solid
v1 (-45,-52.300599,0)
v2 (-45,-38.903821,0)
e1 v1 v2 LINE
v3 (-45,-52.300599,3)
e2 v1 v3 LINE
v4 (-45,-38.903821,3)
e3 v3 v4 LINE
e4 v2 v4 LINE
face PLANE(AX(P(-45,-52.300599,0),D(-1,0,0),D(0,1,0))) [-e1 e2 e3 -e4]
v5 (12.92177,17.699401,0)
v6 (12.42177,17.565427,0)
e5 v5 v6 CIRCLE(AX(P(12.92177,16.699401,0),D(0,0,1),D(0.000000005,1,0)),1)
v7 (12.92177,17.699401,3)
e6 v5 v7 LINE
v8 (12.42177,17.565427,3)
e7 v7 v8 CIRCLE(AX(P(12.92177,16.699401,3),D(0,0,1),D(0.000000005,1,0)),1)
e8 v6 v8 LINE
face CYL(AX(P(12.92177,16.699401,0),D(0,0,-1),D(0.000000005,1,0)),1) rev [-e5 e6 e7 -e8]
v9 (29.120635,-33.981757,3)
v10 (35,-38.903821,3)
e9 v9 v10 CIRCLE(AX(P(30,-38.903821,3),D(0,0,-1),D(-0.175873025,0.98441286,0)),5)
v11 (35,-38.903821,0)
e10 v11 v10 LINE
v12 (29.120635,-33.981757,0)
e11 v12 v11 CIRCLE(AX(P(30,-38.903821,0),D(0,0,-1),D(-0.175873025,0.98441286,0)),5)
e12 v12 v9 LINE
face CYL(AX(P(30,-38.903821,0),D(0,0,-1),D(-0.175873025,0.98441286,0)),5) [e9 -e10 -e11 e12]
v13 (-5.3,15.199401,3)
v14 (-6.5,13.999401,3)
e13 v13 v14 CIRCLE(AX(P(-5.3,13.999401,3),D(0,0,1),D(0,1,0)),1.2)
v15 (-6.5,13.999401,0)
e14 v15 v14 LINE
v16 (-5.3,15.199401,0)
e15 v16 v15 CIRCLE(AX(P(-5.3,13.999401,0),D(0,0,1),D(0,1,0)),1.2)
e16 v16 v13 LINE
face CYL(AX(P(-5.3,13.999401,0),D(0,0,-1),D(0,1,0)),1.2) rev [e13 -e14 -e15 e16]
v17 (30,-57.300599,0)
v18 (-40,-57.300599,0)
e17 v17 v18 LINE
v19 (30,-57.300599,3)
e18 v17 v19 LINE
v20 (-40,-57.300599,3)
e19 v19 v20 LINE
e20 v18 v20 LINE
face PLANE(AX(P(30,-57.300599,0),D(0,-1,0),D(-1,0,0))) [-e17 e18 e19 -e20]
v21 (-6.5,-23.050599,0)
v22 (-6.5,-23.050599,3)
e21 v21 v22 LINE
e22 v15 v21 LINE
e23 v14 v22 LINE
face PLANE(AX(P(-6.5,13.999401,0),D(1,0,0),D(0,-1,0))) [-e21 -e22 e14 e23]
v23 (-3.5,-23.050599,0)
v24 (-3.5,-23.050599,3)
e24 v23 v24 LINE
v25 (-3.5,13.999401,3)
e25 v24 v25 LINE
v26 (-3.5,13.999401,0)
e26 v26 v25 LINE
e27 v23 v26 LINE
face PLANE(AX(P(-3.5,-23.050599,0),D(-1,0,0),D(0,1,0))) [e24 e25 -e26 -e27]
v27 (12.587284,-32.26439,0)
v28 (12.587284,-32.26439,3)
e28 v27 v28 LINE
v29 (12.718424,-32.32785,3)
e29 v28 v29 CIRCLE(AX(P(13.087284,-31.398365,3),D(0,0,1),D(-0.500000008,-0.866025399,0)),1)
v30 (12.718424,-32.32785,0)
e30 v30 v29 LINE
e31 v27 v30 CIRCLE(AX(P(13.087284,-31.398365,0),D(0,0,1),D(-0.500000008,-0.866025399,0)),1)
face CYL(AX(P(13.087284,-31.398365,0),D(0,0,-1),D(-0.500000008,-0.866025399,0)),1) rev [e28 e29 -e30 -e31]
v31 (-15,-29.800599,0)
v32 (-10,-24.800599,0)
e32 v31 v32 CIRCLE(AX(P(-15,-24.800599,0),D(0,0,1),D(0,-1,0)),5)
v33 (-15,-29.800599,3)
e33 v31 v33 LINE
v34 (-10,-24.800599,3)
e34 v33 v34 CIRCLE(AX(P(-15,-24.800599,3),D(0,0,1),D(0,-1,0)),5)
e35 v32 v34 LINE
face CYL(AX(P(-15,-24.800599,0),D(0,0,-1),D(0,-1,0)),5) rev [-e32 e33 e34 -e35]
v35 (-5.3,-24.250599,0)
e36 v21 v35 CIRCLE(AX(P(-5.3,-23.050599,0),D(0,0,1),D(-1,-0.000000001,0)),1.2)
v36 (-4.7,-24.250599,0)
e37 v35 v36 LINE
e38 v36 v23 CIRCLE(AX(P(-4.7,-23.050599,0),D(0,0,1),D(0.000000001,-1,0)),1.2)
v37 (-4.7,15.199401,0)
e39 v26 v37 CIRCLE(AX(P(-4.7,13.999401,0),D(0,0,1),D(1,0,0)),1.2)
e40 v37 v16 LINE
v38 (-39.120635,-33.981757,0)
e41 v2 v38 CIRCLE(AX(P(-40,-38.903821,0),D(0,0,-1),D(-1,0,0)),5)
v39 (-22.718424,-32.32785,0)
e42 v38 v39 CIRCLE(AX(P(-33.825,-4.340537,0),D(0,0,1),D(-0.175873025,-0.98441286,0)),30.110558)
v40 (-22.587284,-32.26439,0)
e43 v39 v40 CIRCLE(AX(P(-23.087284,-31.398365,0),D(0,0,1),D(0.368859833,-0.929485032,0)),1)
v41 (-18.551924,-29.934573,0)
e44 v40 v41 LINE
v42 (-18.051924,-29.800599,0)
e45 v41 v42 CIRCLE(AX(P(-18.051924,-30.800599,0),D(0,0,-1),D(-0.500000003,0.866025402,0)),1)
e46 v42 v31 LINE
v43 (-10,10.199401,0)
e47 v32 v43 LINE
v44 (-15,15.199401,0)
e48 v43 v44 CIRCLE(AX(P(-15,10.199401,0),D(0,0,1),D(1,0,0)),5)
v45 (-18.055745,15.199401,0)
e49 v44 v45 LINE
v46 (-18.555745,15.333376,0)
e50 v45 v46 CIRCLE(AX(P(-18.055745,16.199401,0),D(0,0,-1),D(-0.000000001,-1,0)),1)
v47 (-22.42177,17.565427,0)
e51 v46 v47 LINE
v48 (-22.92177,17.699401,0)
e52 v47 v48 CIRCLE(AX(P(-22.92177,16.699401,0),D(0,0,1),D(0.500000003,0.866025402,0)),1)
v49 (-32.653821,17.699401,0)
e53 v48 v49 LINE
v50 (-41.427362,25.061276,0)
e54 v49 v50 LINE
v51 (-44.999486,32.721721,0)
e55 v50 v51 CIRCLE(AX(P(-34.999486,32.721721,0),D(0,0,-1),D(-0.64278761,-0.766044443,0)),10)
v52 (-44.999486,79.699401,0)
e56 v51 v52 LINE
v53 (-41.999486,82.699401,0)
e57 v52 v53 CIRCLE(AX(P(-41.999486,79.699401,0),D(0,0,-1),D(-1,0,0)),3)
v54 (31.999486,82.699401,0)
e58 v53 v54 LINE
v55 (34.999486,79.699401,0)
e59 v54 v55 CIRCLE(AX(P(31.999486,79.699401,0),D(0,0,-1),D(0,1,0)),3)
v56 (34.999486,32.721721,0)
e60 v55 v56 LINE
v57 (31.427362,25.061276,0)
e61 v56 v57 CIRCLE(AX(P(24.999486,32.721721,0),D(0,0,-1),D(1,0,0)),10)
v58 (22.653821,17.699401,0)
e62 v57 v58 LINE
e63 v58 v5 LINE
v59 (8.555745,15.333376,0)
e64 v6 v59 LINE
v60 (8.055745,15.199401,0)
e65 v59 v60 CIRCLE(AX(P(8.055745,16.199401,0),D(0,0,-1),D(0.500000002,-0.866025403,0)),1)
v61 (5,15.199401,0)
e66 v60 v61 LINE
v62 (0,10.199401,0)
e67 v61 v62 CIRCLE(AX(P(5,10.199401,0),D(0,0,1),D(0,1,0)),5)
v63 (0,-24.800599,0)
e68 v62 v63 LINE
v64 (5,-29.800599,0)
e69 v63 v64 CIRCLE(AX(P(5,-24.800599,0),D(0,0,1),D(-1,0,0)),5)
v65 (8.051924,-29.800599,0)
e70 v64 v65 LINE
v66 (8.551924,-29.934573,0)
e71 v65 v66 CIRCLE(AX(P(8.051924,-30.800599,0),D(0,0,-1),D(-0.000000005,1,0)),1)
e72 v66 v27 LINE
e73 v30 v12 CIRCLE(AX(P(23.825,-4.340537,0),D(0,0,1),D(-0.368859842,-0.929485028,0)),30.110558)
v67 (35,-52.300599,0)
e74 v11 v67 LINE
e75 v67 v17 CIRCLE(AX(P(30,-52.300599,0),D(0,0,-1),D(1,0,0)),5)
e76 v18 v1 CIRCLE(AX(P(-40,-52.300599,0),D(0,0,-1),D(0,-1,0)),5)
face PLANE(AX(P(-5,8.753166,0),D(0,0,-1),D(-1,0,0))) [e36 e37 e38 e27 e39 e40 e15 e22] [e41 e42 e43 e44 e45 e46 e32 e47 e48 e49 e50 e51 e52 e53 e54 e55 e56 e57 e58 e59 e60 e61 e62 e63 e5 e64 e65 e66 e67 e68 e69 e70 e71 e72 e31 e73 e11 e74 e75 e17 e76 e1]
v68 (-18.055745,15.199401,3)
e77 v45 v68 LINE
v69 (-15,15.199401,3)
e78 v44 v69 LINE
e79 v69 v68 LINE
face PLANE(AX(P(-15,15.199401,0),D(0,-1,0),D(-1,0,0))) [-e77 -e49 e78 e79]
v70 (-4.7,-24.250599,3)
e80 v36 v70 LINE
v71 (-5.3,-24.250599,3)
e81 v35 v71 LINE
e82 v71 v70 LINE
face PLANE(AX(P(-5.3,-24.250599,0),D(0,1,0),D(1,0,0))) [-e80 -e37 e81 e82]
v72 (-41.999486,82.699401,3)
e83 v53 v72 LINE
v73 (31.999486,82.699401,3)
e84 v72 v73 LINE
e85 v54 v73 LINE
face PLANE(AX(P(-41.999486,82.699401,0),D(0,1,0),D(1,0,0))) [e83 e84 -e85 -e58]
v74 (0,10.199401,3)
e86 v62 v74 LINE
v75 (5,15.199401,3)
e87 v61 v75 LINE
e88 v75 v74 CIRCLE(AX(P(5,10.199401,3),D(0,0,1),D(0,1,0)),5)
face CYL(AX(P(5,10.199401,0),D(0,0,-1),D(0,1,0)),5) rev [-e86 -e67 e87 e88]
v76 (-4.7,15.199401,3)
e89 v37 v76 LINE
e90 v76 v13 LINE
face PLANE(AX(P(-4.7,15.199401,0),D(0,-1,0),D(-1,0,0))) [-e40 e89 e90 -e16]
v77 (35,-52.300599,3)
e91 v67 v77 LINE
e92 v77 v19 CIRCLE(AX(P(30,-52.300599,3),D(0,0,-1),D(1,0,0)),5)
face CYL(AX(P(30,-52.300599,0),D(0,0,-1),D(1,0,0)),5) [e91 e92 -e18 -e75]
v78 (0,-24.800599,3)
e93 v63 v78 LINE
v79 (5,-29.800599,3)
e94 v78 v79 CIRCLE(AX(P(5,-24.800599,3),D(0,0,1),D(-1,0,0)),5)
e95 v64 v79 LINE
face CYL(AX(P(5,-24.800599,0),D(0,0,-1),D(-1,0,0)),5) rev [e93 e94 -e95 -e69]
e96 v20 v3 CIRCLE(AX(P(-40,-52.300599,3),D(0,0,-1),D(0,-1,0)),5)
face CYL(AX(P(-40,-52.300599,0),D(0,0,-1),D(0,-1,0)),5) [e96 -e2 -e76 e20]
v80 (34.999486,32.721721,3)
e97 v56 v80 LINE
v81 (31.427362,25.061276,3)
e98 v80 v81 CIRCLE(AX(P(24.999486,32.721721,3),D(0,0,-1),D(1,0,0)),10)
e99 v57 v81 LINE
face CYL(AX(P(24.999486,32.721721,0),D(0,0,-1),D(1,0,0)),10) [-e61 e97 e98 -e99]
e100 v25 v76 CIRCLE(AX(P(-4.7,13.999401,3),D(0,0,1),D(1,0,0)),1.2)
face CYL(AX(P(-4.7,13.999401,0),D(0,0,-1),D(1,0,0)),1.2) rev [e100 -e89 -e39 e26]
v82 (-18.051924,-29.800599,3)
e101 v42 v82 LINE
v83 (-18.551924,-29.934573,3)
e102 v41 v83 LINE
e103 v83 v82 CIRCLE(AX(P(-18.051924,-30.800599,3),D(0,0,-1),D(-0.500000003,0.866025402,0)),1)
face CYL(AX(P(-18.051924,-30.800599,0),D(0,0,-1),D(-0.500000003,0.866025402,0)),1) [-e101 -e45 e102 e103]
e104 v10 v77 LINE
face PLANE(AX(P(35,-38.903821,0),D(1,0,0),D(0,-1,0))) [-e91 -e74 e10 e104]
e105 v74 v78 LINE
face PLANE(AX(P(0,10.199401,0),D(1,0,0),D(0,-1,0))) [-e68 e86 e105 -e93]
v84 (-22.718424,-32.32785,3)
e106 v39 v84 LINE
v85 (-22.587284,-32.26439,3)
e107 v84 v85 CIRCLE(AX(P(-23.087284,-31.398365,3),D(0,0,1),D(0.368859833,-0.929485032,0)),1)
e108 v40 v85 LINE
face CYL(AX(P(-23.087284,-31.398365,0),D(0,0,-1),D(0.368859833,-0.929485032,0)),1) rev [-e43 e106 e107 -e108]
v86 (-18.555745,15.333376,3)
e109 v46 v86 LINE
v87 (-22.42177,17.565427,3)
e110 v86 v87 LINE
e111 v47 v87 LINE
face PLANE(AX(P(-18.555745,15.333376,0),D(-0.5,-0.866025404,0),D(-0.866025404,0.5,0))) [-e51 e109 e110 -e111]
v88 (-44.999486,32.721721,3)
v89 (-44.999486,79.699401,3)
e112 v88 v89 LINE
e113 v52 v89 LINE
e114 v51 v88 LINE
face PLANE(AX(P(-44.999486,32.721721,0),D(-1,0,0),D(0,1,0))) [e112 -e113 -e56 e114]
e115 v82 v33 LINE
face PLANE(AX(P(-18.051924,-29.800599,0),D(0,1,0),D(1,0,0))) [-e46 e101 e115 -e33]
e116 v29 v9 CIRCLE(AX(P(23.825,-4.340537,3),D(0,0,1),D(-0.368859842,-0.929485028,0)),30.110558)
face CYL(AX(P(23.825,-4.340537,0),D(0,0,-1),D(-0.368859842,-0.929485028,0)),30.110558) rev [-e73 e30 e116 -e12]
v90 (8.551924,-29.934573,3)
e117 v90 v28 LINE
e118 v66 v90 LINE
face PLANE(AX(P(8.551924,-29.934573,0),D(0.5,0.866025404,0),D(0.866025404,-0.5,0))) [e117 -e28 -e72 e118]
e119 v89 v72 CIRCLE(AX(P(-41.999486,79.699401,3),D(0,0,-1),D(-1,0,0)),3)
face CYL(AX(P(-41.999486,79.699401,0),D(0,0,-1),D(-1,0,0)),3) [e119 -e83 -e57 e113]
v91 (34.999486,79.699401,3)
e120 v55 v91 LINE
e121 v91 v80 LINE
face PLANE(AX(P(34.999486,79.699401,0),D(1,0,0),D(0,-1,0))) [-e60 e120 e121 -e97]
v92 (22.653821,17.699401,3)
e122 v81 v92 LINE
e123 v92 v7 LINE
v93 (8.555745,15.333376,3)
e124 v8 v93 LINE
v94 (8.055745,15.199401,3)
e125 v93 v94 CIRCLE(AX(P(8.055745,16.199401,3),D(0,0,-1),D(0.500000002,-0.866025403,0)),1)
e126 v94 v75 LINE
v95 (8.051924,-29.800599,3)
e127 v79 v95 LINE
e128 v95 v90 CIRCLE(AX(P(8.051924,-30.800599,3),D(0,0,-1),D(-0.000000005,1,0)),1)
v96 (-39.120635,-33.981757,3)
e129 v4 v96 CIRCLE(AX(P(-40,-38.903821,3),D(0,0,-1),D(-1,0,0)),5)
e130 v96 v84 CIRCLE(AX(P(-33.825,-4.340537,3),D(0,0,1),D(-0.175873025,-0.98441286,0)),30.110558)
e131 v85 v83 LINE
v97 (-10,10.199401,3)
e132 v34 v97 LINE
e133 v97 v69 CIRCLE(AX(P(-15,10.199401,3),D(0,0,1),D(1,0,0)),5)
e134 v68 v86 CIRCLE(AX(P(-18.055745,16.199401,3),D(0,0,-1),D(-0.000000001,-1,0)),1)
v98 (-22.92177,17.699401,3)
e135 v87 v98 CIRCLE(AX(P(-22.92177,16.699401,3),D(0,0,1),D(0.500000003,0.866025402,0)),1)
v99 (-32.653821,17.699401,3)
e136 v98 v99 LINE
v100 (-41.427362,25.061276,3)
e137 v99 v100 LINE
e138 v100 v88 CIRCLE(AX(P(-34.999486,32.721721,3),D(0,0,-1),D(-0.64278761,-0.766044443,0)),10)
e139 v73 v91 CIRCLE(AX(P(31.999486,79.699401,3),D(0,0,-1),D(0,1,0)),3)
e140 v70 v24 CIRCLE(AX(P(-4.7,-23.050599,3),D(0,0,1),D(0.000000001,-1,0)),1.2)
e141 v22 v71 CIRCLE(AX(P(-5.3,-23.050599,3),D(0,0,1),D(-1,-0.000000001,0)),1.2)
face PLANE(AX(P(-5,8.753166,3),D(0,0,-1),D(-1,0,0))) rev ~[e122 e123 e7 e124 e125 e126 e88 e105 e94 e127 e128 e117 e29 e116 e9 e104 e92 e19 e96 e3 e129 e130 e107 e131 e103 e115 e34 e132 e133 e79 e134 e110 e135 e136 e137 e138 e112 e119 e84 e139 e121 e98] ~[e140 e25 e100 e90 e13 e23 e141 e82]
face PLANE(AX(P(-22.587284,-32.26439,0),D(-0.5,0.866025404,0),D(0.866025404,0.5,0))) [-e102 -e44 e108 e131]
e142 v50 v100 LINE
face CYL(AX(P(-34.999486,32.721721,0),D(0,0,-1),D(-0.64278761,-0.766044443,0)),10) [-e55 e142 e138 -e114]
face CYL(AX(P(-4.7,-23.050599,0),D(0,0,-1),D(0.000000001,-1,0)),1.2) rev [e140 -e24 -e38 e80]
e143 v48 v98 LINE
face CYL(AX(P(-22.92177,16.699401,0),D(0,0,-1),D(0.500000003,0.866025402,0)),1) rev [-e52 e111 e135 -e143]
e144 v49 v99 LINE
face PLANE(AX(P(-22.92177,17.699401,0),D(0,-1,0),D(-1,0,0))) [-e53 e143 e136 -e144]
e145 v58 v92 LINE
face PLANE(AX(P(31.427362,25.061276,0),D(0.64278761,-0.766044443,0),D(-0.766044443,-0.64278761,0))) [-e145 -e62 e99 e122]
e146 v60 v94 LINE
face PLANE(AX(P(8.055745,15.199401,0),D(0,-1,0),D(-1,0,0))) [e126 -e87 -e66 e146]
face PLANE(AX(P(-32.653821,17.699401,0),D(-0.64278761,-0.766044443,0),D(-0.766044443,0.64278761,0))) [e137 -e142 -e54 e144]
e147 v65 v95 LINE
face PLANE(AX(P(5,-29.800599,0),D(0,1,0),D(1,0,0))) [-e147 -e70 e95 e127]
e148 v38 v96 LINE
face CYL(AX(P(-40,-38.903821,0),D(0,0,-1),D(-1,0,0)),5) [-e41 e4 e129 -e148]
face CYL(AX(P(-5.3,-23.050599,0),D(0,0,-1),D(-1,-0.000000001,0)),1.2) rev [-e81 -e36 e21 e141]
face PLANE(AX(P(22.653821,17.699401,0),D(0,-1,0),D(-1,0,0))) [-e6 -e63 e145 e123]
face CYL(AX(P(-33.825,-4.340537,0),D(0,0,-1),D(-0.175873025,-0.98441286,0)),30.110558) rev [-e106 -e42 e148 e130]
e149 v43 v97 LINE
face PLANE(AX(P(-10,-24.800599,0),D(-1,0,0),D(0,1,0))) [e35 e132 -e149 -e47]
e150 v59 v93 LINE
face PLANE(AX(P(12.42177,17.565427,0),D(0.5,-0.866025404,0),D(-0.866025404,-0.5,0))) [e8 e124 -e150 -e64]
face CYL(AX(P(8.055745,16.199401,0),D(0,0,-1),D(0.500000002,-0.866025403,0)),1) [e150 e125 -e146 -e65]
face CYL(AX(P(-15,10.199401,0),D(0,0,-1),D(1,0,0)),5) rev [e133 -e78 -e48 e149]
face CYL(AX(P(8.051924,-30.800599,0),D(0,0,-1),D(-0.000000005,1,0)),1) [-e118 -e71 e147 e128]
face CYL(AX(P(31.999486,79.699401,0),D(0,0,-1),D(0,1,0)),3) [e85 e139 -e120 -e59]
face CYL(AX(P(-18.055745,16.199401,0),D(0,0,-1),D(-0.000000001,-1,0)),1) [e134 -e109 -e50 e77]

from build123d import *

# Parameters (mm, degrees)
RESSALTO_EXTRUS_O4_DEPTH = 3
CORTE_EXTRUS_O1_DEPTH    = 3


with BuildPart() as part:
    # Esboço2 → Ressalto-extrusão4 (new body)
    with BuildSketch(Plane.XY):
        with BuildLine():
            Line((31.427362324, 25.061276238), (22.653821271, 17.699401176))
            Line((22.653821271, 17.699401176), (12.921770463, 17.699401176))
            ThreePointArc((12.921770463, 17.699401176), (12.662951418, 17.665327003), (12.421770463, 17.56542658))
            Line((12.421770463, 17.56542658), (8.55574506, 15.333375773))
            ThreePointArc((8.55574506, 15.333375773), (8.314564105, 15.23347535), (8.05574506, 15.199401176))
            Line((8.05574506, 15.199401176), (5, 15.199401176))
            ThreePointArc((5, 15.199401176), (1.464466094, 13.734935082), (0, 10.199401176))
            Line((0, 10.199401176), (0, -24.800598824))
            ThreePointArc((0, -24.800598824), (1.464466094, -28.33613273), (5, -29.800598824))
            Line((5, -29.800598824), (8.051923789, -29.800598824))
            ThreePointArc((8.051923789, -29.800598824), (8.310742834, -29.834672997), (8.551923789, -29.93457342))
            Line((8.551923789, -29.93457342), (12.587284274, -32.264389882))
            ThreePointArc((12.587284274, -32.264389882), (12.651697156, -32.298511057), (12.718424432, -32.327849506))
            ThreePointArc((12.718424432, -32.327849506), (20.804137446, -34.299176341), (29.120634875, -33.981757168))
            ThreePointArc((29.120634875, -33.981757168), (33.209608572, -35.069970557), (35, -38.903821469))
            Line((35, -38.903821469), (35, -52.300598824))
            ThreePointArc((35, -52.300598824), (33.535533906, -55.83613273), (30, -57.300598824))
            Line((30, -57.300598824), (-40, -57.300598824))
            ThreePointArc((-40, -57.300598824), (-43.535533906, -55.83613273), (-45, -52.300598824))
            Line((-45, -52.300598824), (-45, -38.903821469))
            ThreePointArc((-45, -38.903821469), (-43.209608572, -35.069970557), (-39.120634875, -33.981757168))
            ThreePointArc((-39.120634875, -33.981757168), (-30.804137446, -34.299176341), (-22.718424432, -32.327849506))
            ThreePointArc((-22.718424432, -32.327849506), (-22.651697156, -32.298511057), (-22.587284274, -32.264389882))
            Line((-22.587284274, -32.264389882), (-18.551923789, -29.93457342))
            ThreePointArc((-18.551923789, -29.93457342), (-18.310742834, -29.834672997), (-18.051923789, -29.800598824))
            Line((-18.051923789, -29.800598824), (-15, -29.800598824))
            ThreePointArc((-15, -29.800598824), (-11.464466094, -28.33613273), (-10, -24.800598824))
            Line((-10, -24.800598824), (-10, 10.199401176))
            ThreePointArc((-10, 10.199401176), (-11.464466094, 13.734935082), (-15, 15.199401176))
            Line((-15, 15.199401176), (-18.05574506, 15.199401176))
            ThreePointArc((-18.05574506, 15.199401176), (-18.314564105, 15.23347535), (-18.55574506, 15.333375773))
            Line((-18.55574506, 15.333375773), (-22.421770463, 17.56542658))
            ThreePointArc((-22.421770463, 17.56542658), (-22.662951418, 17.665327003), (-22.921770463, 17.699401176))
            Line((-22.921770463, 17.699401176), (-32.653821271, 17.699401176))
            Line((-32.653821271, 17.699401176), (-41.427362324, 25.061276238))
            ThreePointArc((-41.427362324, 25.061276238), (-44.062564097, 28.495538052), (-44.999486227, 32.721720669))
            Line((-44.999486227, 32.721720669), (-44.999486227, 77.699401176))
            Line((-44.999486227, 77.699401176), (-44.999486227, 79.699401176))
            ThreePointArc((-44.999486227, 79.699401176), (-44.12080657, 81.82072152), (-41.999486227, 82.699401176))
            Line((-41.999486227, 82.699401176), (-39.999486227, 82.699401176))
            Line((-39.999486227, 82.699401176), (29.999486227, 82.699401176))
            Line((29.999486227, 82.699401176), (31.999486227, 82.699401176))
            ThreePointArc((31.999486227, 82.699401176), (34.12080657, 81.82072152), (34.999486227, 79.699401176))
            Line((34.999486227, 79.699401176), (34.999486227, 77.699401176))
            Line((34.999486227, 77.699401176), (34.999486227, 32.721720669))
            ThreePointArc((34.999486227, 32.721720669), (34.062564097, 28.495538052), (31.427362324, 25.061276238))
        make_face()
    extrude(amount=RESSALTO_EXTRUS_O4_DEPTH)

    # Esboço3 → Corte-extrusão1 (cut)
    with BuildSketch(Plane(origin=(0, 0, 0), x_dir=(-1, 0, 0), z_dir=(0, 0, -1))):
        with BuildLine():
            Line((4.7, 15.199401176), (5.3, 15.199401176))
            ThreePointArc((5.3, 15.199401176), (6.148528137, 14.847929314), (6.5, 13.999401176))
            Line((6.5, 13.999401176), (6.5, -23.050598824))
            ThreePointArc((6.5, -23.050598824), (6.148528137, -23.899126961), (5.3, -24.250598824))
            Line((5.3, -24.250598824), (4.7, -24.250598824))
            ThreePointArc((4.7, -24.250598824), (3.851471863, -23.899126961), (3.5, -23.050598824))
            Line((3.5, -23.050598824), (3.5, 13.999401176))
            ThreePointArc((3.5, 13.999401176), (3.851471863, 14.847929314), (4.7, 15.199401176))
        make_face()
    extrude(amount=-CORTE_EXTRUS_O1_DEPTH, mode=Mode.SUBTRACT)


solid = part.part
